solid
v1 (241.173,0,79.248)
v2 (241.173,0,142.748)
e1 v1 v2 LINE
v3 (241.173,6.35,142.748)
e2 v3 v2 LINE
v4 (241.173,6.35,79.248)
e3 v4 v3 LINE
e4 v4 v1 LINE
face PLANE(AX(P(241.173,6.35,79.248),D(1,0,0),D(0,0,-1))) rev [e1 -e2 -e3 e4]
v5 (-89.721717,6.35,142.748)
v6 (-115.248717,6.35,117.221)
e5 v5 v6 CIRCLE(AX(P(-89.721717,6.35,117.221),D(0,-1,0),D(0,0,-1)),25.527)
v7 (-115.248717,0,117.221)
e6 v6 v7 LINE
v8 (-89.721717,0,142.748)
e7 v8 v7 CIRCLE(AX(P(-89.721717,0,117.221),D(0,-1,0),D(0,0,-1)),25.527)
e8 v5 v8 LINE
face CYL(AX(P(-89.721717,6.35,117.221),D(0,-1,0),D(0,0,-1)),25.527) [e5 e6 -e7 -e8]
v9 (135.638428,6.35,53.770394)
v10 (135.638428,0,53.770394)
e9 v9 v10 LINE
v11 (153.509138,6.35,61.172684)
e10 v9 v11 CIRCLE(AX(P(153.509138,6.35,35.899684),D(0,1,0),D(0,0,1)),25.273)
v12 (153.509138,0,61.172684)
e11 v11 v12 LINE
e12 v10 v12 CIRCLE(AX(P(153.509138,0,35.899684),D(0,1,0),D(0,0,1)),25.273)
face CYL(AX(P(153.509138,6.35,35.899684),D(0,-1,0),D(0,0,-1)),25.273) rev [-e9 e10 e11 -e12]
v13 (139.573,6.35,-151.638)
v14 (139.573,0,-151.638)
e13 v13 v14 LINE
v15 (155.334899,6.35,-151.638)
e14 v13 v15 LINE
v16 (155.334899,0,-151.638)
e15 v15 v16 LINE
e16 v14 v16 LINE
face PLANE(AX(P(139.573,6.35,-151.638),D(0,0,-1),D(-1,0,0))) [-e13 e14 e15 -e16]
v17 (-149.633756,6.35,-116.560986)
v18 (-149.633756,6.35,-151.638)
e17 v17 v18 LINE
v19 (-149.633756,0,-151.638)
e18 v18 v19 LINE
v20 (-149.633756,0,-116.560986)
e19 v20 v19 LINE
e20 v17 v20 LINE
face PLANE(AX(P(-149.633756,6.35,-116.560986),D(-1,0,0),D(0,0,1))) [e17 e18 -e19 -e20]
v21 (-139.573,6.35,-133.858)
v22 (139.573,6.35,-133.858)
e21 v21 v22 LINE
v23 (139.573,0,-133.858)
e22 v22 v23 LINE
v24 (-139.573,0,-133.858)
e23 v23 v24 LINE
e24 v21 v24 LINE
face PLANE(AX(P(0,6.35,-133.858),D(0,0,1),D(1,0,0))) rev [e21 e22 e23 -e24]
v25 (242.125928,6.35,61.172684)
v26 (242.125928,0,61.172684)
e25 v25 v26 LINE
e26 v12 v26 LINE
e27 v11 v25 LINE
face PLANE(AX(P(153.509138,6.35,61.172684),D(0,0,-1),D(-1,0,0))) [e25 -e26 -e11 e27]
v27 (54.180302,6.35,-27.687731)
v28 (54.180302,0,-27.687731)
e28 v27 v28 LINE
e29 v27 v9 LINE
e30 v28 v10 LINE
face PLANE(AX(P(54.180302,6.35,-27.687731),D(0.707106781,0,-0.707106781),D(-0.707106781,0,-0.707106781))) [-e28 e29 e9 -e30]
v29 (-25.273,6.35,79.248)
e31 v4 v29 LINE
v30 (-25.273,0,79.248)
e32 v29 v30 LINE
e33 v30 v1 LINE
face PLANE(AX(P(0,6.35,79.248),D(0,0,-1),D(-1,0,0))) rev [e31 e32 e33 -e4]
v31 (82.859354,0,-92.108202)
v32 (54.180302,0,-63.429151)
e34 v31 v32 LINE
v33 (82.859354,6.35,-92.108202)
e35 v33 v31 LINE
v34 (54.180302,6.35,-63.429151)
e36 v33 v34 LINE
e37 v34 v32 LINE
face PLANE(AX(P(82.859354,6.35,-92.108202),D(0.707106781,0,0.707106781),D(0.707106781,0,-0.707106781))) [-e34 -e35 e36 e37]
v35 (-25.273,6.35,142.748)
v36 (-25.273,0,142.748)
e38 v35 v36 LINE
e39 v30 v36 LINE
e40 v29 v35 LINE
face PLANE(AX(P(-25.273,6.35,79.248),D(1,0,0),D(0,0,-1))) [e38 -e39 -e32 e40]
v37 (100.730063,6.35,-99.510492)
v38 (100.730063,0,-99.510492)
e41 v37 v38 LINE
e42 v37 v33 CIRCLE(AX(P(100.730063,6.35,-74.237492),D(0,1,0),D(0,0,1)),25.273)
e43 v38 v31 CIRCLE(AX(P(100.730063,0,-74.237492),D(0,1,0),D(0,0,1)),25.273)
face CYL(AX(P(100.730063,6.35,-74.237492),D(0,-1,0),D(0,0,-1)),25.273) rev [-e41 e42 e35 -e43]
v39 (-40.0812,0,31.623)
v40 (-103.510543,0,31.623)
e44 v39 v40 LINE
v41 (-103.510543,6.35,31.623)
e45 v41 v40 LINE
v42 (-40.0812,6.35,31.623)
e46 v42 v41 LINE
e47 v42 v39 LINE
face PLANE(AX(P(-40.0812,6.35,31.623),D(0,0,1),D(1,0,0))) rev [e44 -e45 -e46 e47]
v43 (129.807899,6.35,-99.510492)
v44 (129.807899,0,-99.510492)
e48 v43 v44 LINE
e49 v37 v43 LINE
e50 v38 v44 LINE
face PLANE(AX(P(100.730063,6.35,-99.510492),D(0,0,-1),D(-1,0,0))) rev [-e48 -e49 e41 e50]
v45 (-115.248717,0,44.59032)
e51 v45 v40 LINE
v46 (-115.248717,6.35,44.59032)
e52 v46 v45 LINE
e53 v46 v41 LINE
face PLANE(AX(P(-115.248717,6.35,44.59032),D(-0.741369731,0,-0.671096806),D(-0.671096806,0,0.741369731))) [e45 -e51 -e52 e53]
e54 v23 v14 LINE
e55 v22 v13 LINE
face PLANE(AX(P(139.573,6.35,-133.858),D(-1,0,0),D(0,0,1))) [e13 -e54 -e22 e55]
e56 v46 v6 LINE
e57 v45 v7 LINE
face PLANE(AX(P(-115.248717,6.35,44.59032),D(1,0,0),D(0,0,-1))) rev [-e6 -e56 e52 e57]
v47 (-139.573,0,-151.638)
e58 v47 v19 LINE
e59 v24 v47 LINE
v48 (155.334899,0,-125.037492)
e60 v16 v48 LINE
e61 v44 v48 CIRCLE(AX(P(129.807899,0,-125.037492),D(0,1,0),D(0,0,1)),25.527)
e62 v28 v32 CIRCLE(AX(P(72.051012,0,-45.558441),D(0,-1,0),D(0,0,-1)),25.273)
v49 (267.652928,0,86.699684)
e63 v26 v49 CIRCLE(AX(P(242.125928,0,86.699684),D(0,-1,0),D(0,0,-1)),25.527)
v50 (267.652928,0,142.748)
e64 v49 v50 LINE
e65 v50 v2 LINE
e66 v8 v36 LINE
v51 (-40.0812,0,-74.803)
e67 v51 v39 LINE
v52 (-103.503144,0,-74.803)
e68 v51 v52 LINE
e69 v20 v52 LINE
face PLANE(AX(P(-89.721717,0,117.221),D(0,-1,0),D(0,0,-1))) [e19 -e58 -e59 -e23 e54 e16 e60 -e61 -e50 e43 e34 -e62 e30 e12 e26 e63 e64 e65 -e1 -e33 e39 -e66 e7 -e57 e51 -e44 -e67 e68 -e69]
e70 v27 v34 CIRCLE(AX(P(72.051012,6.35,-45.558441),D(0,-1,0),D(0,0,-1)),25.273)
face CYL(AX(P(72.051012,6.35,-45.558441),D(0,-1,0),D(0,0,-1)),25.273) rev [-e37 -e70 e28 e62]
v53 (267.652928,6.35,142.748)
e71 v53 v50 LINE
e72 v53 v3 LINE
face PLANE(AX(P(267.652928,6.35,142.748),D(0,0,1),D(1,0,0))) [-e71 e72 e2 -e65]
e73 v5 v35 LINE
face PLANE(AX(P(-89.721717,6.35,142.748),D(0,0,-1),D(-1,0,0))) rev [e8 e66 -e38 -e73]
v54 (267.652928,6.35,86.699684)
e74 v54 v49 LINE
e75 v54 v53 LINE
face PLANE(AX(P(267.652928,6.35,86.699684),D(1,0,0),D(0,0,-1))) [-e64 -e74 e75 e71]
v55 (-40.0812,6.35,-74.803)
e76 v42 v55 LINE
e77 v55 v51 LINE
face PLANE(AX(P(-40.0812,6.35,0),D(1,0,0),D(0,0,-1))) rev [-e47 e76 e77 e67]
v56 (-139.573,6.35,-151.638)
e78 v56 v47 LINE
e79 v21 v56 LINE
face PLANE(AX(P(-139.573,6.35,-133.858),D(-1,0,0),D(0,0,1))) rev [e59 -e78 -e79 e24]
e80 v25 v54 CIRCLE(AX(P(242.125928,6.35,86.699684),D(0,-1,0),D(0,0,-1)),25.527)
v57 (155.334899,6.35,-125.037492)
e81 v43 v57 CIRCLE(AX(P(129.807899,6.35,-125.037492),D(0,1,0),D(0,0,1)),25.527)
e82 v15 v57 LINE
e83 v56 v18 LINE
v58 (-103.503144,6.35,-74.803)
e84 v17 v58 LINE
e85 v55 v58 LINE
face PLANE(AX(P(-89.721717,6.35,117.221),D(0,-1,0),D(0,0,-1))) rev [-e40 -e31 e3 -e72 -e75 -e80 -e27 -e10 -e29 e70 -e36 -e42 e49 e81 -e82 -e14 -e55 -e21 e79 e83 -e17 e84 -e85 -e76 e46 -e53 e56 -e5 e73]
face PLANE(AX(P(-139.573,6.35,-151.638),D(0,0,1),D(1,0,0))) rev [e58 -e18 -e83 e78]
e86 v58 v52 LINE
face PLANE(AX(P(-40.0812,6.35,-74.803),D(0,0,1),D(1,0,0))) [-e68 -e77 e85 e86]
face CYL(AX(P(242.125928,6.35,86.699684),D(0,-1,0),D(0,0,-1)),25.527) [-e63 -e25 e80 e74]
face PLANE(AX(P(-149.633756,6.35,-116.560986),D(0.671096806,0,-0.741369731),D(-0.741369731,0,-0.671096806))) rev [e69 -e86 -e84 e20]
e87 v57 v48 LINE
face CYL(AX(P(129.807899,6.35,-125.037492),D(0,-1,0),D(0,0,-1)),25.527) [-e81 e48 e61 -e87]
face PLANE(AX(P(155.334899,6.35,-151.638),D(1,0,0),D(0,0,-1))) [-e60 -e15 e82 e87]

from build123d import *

# Parameters (mm, degrees)
BOSS_EXTRUDE1_DEPTH = 6.35


with BuildPart() as part:
    # Sketch2 → Boss-Extrude1 (new body)
    with BuildSketch(Plane(origin=(0, 0, 0), x_dir=(1, 0, 0), z_dir=(0, 1, 0))):
        with BuildLine():
            Line((-25.273, -79.248), (-25.273, -142.748))
            Line((-25.273, -142.748), (-89.721716587, -142.748))
            ThreePointArc((-89.721716587, -142.748), (-107.772031391, -135.271314803), (-115.248716587, -117.221))
            Line((-115.248716587, -117.221), (-115.248716587, -44.590319773))
            Line((-115.248716587, -44.590319773), (-103.51054261, -31.623))
            Line((-103.51054261, -31.623), (-40.0812, -31.623))
            Line((-40.0812, -31.623), (-40.0812, 0))
            Line((-40.0812, 0), (-40.0812, 74.803))
            Line((-40.0812, 74.803), (-103.503143824, 74.803))
            Line((-103.503143824, 74.803), (-149.633756095, 116.560985613))
            Line((-149.633756095, 116.560985613), (-149.633756095, 151.638))
            Line((-149.633756095, 151.638), (-139.573, 151.638))
            Line((-139.573, 151.638), (-139.573, 133.858))
            Line((-139.573, 133.858), (0, 133.858))
            Line((0, 133.858), (139.573, 133.858))
            Line((139.573, 133.858), (139.573, 151.638))
            Line((139.573, 151.638), (155.334898669, 151.638))
            Line((155.334898669, 151.638), (155.334898669, 125.037492411))
            ThreePointArc((155.334898669, 125.037492411), (147.858213472, 106.987177608), (129.807898669, 99.510492411))
            Line((129.807898669, 99.510492411), (100.730063349, 99.510492411))
            ThreePointArc((100.730063349, 99.510492411), (91.058504963, 97.586699836), (82.859353668, 92.108202092))
            Line((82.859353668, 92.108202092), (54.18030231, 63.429150734))
            ThreePointArc((54.18030231, 63.429150734), (46.778011991, 45.558441053), (54.18030231, 27.687731372))
            Line((54.18030231, 27.687731372), (135.638427829, -53.770394147))
            ThreePointArc((135.638427829, -53.770394147), (143.837579124, -59.248891891), (153.50913751, -61.172684466))
            Line((153.50913751, -61.172684466), (242.125928412, -61.172684466))
            ThreePointArc((242.125928412, -61.172684466), (260.176243215, -68.649369662), (267.652928412, -86.699684466))
            Line((267.652928412, -86.699684466), (267.652928412, -142.748))
            Line((267.652928412, -142.748), (241.173, -142.748))
            Line((241.173, -142.748), (241.173, -79.248))
            Line((241.173, -79.248), (0, -79.248))
            Line((0, -79.248), (-25.273, -79.248))
        make_face()
    extrude(amount=BOSS_EXTRUDE1_DEPTH)


solid = part.part
